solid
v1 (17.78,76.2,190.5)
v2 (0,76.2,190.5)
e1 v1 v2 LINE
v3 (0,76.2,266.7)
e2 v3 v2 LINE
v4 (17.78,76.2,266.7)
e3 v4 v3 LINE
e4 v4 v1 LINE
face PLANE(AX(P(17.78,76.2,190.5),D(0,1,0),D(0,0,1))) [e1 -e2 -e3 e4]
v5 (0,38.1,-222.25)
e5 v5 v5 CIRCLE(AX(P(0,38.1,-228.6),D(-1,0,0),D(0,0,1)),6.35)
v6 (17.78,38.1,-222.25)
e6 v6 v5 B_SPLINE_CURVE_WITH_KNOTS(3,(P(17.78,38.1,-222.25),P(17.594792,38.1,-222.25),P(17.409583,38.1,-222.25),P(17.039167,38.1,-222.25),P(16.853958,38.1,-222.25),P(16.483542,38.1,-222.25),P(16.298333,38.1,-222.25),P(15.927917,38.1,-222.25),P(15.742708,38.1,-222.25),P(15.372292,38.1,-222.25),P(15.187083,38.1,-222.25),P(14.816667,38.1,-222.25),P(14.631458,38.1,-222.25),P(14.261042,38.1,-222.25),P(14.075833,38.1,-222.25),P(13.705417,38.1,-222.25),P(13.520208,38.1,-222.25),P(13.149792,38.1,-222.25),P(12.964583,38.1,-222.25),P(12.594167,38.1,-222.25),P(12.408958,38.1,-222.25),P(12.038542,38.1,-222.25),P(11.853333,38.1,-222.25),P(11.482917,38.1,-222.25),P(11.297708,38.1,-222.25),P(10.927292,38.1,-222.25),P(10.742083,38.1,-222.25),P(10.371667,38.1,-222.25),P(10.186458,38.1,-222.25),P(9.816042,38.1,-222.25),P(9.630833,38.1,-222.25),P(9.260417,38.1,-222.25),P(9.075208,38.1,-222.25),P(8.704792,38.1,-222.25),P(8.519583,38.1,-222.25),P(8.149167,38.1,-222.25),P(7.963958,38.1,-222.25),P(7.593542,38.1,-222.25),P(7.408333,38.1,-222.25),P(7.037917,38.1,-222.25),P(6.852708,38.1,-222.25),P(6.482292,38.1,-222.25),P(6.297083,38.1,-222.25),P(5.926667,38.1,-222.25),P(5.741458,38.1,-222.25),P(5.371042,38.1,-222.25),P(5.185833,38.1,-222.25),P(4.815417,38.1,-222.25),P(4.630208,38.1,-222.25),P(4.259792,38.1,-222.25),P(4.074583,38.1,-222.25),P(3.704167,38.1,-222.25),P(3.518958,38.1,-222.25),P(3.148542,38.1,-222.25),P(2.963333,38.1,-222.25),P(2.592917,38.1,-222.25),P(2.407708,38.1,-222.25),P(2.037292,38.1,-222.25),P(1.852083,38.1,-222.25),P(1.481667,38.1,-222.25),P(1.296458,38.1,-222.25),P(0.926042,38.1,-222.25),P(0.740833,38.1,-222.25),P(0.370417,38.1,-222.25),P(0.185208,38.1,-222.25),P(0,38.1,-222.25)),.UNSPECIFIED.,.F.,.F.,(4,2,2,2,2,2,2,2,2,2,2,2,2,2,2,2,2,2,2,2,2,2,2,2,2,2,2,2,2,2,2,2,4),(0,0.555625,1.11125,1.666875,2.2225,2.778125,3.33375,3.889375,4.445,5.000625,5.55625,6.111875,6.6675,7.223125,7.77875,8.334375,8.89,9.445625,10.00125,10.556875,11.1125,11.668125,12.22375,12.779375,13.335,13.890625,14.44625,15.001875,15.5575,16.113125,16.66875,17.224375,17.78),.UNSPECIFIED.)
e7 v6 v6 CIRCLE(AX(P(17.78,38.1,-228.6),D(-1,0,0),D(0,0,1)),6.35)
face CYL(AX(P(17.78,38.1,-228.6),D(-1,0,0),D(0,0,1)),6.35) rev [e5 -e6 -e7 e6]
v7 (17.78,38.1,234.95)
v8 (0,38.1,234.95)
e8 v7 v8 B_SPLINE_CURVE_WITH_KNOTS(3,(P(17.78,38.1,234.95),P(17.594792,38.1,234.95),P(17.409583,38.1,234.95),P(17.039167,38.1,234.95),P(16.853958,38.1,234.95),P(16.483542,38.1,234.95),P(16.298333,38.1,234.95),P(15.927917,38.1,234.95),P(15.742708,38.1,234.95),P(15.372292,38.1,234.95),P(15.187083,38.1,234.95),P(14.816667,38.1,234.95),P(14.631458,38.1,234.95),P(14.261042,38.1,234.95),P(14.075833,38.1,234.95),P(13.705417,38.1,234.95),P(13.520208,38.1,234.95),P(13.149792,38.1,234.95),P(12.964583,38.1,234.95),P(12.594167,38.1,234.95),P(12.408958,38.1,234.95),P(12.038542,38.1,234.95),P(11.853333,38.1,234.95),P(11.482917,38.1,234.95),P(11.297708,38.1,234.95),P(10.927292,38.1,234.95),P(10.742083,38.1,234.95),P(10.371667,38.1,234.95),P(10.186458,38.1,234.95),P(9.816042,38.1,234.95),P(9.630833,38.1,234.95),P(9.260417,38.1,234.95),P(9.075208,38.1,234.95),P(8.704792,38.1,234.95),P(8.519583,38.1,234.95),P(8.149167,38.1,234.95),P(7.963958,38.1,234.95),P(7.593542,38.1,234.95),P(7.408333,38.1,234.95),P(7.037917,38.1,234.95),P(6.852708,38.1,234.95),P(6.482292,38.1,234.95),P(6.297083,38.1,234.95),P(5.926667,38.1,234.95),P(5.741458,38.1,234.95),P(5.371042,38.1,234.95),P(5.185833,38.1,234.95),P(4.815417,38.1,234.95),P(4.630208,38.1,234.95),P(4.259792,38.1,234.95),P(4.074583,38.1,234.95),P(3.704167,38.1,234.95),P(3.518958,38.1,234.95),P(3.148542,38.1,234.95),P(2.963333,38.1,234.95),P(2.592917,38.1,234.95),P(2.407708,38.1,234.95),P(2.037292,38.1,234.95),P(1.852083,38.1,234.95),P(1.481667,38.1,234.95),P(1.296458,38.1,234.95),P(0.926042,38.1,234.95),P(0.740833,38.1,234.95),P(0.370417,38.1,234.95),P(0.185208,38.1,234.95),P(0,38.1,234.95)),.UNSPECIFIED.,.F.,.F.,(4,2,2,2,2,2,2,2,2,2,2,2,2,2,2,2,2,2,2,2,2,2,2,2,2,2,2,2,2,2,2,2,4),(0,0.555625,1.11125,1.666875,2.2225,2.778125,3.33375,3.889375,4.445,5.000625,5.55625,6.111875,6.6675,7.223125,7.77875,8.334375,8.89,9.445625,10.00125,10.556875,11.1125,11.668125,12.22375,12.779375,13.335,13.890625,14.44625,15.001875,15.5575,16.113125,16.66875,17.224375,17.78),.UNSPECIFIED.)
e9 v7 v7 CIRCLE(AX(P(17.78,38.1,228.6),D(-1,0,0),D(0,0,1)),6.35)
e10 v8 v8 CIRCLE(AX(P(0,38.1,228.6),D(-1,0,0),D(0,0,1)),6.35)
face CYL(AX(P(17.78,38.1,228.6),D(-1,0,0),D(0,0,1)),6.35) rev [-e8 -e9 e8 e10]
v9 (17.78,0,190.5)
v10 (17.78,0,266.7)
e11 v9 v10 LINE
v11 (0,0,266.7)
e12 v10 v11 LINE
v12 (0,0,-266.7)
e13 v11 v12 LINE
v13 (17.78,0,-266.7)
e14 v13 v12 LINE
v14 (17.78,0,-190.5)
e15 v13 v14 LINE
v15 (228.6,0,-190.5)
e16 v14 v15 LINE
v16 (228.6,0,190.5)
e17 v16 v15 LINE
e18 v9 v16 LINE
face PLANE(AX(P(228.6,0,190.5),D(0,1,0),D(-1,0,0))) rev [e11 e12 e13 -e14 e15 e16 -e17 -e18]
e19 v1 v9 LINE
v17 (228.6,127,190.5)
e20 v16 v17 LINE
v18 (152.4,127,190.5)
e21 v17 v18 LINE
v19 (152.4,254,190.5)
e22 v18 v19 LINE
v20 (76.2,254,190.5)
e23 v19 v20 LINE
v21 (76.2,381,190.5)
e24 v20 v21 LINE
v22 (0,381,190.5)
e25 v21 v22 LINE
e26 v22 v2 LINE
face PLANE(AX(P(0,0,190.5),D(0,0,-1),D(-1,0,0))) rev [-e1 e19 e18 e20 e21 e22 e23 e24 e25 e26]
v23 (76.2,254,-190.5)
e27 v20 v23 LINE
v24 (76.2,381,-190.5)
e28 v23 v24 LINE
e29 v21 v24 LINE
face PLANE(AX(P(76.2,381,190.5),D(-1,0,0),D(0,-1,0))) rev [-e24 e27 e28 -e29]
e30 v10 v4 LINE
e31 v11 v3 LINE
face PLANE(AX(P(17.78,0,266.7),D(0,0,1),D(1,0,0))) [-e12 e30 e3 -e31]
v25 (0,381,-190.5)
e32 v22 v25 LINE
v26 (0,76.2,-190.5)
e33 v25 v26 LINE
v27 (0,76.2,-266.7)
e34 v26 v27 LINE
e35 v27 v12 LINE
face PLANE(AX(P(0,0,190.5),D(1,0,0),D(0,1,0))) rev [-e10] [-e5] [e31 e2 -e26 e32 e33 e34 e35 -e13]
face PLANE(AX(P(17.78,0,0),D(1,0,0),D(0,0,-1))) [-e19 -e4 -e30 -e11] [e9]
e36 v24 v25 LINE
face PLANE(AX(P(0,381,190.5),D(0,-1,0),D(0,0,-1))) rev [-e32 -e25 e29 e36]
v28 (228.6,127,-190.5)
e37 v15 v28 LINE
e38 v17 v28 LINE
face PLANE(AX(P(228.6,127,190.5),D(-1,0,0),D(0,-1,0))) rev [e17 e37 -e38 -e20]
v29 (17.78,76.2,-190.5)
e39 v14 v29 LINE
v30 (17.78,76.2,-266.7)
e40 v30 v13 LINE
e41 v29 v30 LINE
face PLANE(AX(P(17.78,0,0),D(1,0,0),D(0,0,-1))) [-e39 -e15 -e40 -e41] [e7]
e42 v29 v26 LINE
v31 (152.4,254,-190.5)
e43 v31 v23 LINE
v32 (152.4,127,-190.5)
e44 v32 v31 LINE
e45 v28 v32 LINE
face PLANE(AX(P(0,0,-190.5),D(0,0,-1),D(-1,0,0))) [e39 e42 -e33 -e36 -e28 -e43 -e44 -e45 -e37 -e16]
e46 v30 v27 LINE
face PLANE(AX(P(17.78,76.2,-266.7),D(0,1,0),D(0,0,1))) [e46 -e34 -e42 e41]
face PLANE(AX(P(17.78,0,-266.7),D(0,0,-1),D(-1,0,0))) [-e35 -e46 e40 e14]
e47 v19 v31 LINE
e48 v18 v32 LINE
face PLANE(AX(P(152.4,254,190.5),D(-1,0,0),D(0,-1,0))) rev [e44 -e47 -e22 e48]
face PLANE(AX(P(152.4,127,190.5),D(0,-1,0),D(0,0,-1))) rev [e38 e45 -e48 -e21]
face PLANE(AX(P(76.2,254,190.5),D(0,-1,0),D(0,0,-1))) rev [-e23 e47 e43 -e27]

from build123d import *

# Parameters (mm, degrees)
BOSS_EXTRUDE1_DEPTH = 190.5
SKETCH2_W           = 76.2
SKETCH2_H           = 76.2
SKETCH2_R           = 6.35
BOSS_EXTRUDE2_DEPTH = 17.78


with BuildPart() as part:
    # Sketch1 → Boss-Extrude1 (new, symmetric)
    with BuildSketch(Plane.XY):
        Polygon((0, 0), (0, 381), (76.2, 381), (76.2, 254), (152.4, 254), (152.4, 127), (228.6, 127), (228.6, 0), align=None)
    extrude(amount=BOSS_EXTRUDE1_DEPTH, both=True)

    # Sketch2 → Boss-Extrude2 (add)
    # profile 1 of 2: a face of its own
    with BuildSketch(Plane.ZY):
        with Locations((228.6, 38.1)):
            Rectangle(SKETCH2_W, SKETCH2_H)
        with Locations((228.6, 38.1)):
            Circle(SKETCH2_R, mode=Mode.SUBTRACT)
    # profile 2 of 2: a face of its own
    with BuildSketch(Plane.ZY):
        with Locations((-228.6, 38.1)):
            Rectangle(SKETCH2_W, SKETCH2_H)
        with Locations((-228.6, 38.1)):
            Circle(SKETCH2_R, mode=Mode.SUBTRACT)
    extrude(amount=-BOSS_EXTRUDE2_DEPTH)


solid = part.part
